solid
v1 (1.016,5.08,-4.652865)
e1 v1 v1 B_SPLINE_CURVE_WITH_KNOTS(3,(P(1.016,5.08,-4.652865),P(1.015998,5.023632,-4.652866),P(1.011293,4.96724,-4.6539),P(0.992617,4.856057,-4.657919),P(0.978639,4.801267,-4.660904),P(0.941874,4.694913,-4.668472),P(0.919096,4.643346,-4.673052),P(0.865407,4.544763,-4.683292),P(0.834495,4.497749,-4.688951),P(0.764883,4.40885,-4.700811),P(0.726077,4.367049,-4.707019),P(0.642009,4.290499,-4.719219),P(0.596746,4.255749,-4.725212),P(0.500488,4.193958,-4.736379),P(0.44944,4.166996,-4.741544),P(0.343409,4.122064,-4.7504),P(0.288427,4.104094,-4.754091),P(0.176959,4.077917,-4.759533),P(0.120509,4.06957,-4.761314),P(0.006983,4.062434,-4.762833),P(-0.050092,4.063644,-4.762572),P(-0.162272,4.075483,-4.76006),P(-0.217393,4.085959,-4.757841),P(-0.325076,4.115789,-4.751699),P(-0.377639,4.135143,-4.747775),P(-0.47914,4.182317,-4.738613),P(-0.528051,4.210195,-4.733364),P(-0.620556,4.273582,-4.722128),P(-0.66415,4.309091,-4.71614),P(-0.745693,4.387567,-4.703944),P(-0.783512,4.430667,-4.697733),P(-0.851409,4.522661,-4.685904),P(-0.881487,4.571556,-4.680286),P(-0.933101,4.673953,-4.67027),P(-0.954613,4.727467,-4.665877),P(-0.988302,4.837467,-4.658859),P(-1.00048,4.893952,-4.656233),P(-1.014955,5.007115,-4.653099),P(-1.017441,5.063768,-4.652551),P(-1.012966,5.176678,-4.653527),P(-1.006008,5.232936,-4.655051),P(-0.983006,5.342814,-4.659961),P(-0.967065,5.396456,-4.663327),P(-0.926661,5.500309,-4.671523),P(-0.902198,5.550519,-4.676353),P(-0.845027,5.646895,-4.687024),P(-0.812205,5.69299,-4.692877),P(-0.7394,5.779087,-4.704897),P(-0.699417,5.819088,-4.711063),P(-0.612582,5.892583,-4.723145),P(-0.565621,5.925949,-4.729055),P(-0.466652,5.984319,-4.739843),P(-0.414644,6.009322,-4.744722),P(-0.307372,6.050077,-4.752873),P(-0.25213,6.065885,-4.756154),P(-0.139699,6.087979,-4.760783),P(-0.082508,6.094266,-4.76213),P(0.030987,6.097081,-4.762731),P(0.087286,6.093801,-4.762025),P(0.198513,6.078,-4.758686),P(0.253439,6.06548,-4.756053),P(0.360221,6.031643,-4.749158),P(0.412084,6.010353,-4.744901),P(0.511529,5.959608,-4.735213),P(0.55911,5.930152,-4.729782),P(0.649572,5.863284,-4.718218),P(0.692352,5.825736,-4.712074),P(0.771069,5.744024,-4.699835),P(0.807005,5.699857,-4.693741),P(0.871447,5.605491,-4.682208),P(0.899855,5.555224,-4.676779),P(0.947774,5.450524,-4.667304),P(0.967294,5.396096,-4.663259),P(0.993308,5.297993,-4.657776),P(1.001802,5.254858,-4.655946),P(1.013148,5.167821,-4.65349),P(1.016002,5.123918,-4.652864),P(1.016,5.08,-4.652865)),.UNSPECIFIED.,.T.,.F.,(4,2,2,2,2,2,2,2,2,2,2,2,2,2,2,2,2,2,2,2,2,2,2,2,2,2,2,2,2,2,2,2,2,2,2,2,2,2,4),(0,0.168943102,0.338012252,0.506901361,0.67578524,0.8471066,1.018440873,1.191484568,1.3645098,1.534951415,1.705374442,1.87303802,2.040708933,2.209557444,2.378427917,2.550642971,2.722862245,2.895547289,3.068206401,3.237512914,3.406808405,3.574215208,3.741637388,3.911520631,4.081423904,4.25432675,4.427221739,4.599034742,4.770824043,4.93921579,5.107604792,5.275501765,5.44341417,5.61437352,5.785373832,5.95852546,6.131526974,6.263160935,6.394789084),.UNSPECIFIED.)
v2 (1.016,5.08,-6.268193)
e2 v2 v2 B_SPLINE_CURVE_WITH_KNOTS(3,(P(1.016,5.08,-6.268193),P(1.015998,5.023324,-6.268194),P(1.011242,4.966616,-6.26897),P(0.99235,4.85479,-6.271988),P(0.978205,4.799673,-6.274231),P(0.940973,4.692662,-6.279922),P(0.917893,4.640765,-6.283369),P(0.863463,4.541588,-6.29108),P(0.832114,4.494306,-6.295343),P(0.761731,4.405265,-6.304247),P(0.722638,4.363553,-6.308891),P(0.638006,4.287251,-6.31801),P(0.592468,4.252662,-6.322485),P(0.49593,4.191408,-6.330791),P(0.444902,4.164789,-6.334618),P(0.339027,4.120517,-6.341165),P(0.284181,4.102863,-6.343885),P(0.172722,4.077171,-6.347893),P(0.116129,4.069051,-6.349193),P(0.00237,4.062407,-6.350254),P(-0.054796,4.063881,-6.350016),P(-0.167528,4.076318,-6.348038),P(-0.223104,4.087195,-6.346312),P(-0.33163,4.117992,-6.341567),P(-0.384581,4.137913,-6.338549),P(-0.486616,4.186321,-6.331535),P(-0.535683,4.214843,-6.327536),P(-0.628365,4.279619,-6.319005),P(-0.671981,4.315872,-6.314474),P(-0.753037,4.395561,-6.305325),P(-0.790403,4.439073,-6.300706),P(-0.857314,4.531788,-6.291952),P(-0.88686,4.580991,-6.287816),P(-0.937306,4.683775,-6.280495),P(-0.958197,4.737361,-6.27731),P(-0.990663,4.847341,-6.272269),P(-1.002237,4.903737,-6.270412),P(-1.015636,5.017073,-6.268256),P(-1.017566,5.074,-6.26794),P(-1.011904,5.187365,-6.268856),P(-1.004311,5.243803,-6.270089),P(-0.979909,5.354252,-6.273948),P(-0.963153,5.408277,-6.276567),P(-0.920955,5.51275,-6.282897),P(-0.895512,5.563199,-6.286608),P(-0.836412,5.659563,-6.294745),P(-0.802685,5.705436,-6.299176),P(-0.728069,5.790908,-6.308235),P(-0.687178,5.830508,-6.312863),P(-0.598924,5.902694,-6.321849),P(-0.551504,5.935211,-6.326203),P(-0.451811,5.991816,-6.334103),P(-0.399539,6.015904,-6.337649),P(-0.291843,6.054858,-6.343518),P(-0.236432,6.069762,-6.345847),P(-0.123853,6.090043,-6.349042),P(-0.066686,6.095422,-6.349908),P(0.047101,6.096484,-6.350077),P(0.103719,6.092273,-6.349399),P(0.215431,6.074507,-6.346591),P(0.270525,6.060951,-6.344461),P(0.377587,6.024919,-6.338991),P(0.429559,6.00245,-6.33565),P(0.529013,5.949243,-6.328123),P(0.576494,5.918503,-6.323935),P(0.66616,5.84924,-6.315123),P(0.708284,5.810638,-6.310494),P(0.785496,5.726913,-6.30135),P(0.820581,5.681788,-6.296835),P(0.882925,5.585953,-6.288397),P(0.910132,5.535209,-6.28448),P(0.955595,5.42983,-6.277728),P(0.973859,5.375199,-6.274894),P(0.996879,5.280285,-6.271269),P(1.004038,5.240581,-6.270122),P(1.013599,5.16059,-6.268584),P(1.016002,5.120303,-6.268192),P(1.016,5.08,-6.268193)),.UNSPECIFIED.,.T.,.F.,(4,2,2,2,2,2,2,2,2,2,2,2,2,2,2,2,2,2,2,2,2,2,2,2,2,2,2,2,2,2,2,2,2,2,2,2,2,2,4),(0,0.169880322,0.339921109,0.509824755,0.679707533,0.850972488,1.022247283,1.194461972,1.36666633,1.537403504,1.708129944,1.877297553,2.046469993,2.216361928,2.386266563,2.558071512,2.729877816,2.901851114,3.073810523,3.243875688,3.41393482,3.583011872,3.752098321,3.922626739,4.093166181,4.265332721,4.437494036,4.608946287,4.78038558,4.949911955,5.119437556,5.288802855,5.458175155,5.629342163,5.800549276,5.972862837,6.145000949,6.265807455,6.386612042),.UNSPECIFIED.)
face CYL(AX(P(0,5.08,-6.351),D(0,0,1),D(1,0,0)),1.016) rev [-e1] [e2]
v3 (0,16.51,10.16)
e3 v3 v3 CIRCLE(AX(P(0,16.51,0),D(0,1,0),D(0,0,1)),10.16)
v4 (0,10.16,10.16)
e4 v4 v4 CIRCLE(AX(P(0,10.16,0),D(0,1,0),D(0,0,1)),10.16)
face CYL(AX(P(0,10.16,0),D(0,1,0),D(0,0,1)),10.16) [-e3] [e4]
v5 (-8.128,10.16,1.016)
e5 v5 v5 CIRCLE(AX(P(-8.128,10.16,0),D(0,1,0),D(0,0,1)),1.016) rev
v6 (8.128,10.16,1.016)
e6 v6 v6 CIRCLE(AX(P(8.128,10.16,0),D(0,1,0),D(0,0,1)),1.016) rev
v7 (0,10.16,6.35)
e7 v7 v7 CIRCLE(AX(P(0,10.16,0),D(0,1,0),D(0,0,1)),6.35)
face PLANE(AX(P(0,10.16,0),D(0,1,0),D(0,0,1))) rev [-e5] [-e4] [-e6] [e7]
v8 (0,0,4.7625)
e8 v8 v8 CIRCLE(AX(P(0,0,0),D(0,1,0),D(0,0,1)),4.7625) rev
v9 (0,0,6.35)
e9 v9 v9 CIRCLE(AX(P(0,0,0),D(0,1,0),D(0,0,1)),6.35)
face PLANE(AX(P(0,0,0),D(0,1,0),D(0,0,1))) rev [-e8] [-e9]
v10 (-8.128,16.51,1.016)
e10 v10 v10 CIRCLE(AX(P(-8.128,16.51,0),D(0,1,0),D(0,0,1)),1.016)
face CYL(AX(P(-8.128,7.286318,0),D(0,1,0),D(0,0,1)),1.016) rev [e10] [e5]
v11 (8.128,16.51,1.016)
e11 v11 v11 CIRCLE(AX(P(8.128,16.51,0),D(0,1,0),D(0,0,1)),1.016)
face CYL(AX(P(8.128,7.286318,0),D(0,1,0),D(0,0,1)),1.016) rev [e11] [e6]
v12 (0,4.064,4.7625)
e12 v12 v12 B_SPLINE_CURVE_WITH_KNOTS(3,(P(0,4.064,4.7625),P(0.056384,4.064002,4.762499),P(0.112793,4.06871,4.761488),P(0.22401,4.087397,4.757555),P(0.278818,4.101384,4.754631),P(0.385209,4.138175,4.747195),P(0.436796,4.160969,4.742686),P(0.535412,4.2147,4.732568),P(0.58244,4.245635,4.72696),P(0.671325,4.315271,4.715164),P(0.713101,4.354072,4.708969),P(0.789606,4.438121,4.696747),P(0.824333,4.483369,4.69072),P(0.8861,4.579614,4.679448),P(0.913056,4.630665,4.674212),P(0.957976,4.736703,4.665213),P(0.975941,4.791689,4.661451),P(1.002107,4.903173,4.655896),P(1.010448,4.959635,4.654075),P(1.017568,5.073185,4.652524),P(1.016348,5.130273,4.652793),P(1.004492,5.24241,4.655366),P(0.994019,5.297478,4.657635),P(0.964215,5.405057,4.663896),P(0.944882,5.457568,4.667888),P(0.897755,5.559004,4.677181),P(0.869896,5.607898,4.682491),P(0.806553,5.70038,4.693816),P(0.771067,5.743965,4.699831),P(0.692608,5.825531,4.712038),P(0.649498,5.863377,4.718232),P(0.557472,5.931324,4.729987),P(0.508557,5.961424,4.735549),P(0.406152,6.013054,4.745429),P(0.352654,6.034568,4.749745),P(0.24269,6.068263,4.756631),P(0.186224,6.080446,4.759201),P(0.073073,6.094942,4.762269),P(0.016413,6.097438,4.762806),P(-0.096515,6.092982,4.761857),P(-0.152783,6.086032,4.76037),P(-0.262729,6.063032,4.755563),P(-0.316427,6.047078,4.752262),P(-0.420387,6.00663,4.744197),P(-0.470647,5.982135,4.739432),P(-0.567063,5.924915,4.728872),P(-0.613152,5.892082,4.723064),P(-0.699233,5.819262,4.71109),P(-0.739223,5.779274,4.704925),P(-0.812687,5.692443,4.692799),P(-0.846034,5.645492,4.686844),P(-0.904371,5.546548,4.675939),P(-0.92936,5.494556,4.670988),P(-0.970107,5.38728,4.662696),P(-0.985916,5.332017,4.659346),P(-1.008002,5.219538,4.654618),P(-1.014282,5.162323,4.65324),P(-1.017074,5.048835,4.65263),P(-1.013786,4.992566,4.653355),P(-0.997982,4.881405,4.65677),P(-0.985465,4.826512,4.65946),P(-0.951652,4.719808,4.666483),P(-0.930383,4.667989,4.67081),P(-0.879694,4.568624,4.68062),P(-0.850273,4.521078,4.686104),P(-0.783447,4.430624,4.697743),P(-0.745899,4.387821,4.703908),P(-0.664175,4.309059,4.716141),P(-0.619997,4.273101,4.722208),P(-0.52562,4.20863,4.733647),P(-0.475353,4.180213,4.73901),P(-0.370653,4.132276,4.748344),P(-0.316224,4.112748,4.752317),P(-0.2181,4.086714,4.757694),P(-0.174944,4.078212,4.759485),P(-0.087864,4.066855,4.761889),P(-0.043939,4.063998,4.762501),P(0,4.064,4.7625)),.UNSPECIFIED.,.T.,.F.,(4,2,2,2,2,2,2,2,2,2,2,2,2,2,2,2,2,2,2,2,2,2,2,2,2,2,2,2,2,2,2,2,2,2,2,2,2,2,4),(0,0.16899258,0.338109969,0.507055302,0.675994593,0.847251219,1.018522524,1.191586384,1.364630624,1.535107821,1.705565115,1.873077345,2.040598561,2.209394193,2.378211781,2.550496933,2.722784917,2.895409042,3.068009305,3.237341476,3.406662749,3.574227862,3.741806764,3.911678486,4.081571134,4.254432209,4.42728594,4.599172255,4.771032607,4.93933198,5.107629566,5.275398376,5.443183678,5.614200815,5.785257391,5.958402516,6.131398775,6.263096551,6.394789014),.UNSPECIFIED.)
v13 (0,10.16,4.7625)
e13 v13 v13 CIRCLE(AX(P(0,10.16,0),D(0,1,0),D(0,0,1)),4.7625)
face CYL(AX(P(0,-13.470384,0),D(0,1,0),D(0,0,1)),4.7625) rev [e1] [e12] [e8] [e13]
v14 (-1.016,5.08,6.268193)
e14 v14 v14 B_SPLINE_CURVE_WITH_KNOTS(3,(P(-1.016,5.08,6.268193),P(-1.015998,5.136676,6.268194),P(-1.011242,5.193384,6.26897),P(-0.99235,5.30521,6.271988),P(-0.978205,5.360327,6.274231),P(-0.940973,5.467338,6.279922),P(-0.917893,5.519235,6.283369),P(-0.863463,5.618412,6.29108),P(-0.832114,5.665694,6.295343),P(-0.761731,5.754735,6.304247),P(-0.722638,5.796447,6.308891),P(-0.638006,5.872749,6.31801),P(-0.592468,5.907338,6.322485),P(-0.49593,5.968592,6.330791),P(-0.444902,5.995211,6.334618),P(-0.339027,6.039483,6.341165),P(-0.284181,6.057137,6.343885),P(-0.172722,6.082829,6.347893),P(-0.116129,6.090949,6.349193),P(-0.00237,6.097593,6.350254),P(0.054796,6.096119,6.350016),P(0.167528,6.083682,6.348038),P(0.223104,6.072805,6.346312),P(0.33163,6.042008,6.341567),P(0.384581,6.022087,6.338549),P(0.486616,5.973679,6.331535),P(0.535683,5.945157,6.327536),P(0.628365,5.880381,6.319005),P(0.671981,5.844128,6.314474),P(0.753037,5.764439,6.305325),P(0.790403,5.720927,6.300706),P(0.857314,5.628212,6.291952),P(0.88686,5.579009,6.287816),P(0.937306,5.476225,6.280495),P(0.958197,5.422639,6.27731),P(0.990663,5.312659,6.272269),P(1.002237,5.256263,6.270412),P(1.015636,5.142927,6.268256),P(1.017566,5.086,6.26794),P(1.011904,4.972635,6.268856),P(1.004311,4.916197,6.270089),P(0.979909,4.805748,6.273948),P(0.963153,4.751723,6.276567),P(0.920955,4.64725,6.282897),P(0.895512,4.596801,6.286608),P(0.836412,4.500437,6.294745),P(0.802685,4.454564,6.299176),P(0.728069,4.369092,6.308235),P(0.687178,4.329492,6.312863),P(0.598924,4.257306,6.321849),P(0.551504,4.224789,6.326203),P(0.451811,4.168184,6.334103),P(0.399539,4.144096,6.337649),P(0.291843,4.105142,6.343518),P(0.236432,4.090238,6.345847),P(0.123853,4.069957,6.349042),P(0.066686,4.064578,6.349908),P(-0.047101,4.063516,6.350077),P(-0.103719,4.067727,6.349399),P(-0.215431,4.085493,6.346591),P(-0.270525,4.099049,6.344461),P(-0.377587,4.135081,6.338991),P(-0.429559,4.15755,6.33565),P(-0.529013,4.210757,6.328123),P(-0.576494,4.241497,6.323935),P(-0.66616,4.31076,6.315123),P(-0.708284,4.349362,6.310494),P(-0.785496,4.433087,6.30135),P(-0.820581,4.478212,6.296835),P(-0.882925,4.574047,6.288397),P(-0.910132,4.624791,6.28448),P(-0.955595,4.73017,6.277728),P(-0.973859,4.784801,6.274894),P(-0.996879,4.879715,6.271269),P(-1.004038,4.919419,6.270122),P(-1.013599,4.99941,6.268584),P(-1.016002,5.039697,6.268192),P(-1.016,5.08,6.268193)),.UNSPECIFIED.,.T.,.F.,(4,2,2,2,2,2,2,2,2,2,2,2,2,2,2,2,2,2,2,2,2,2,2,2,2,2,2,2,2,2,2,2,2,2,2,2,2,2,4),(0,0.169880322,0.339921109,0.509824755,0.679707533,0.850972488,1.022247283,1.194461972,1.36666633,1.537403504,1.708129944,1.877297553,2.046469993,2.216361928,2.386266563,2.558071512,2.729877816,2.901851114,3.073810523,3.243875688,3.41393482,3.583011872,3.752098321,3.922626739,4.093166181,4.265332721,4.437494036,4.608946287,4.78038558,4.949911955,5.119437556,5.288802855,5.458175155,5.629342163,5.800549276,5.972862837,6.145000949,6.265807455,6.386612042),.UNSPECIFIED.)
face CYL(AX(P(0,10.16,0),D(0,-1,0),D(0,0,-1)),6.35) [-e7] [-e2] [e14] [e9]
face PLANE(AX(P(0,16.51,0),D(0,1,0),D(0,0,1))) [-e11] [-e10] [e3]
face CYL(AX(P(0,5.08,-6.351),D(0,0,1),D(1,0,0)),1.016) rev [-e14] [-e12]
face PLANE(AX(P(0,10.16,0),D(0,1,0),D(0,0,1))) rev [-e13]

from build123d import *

# Parameters (mm, degrees)
SKETCH1_R                           = 6.35
BOSS_EXTRUDE1_DEPTH                 = 10.16
SKETCH2_R                           = 4.7625
CUT_EXTRUDE2_DEPTH                  = 10.16
SKETCH3_R                           = 6.35
BOSS_EXTRUDE2_DEPTH                 = 6.35
CUT_EXTRUDE3_REACH                  = 20.794
CUT_EXTRUDE3_END_RADIUS             = 6.35
SKETCH4_R                           = 1.016
CUT_EXTRUDE3_DIRECTION_2_REACH      = 20.794
CUT_EXTRUDE3_DIRECTION_2_END_RADIUS = 6.35
BOSS_EXTRUDE3_START                 = -6.35
SKETCH5_R                           = 10.16
SKETCH5_R_2                         = 6.35
BOSS_EXTRUDE3_DEPTH                 = 6.35
SKETCH10_R                          = 1.016
CUT_EXTRUDE4_DEPTH                  = 6.35


with BuildPart() as part:
    # Sketch1 → Boss-Extrude1 (new body)
    with BuildSketch(Plane(origin=(0, 0, 0), x_dir=(1, 0, 0), z_dir=(0, 1, 0))):
        with Locations(Location((0, 0, 0), (0, 0, 270))):
            Circle(SKETCH1_R)
    extrude(amount=BOSS_EXTRUDE1_DEPTH)

    # Sketch2 → Cut-Extrude2 (cut)
    with BuildSketch(Plane(origin=(0, 10.16, 0), x_dir=(1, 0, 0), z_dir=(0, 1, 0))):
        with Locations(Location((0, 0, 0), (0, 0, 270))):
            Circle(SKETCH2_R)
    extrude(amount=-CUT_EXTRUDE2_DEPTH, mode=Mode.SUBTRACT)

    # Sketch3 → Boss-Extrude2 (add)
    with BuildSketch(Plane(origin=(0, 10.16, 0), x_dir=(1, 0, 0), z_dir=(0, 1, 0))):
        with Locations(Location((0, 0, 0), (0, 0, 270))):
            Circle(SKETCH3_R)
    extrude(amount=BOSS_EXTRUDE2_DEPTH)

    # Cut-Extrude3: up to this cylinder (the profile starts inside it)
    cut_extrude3_end = Plane(origin=(0, 5.08, 0), z_dir=(0, -1, 0)) * Cylinder(CUT_EXTRUDE3_END_RADIUS, 55.288, mode=Mode.PRIVATE)
    # Sketch4 → Cut-Extrude3 (cut, up to the surface)
    with BuildSketch(Plane.XY, mode=Mode.PRIVATE) as cut_extrude3_sk1:
        with Locations((0, 5.08)):
            Circle(SKETCH4_R)
    cut_extrude3_tool1 = extrude(cut_extrude3_sk1.sketch, amount=-CUT_EXTRUDE3_REACH, mode=Mode.PRIVATE) & cut_extrude3_end
    add(cut_extrude3_tool1.solids().sort_by_distance((0, 5.08, 0))[0], mode=Mode.SUBTRACT)

    # Cut-Extrude3 direction 2: up to this cylinder (the profile starts inside it)
    cut_extrude3_direction_2_end = Plane(origin=(0, 5.08, 0), z_dir=(0, -1, 0)) * Cylinder(CUT_EXTRUDE3_DIRECTION_2_END_RADIUS, 55.288, mode=Mode.PRIVATE)
    # Sketch4 → Cut-Extrude3 direction 2 (cut, up to the surface)
    with BuildSketch(Plane.XY, mode=Mode.PRIVATE) as cut_extrude3_direction_2_sk1:
        with Locations((0, 5.08)):
            Circle(SKETCH4_R)
    cut_extrude3_direction_2_tool1 = extrude(cut_extrude3_direction_2_sk1.sketch, amount=CUT_EXTRUDE3_DIRECTION_2_REACH, mode=Mode.PRIVATE) & cut_extrude3_direction_2_end
    add(cut_extrude3_direction_2_tool1.solids().sort_by_distance((0, 5.08, 0))[0], mode=Mode.SUBTRACT)

    # Sketch5 → Boss-Extrude3 (add)
    with BuildSketch(Plane(origin=(0, 16.51, 0), x_dir=(1, 0, 0), z_dir=(0, 1, 0)).offset(BOSS_EXTRUDE3_START)):
        with Locations(Location((0, 0, 0), (0, 0, 270))):
            Circle(SKETCH5_R)
        with Locations(Location((0, 0, 0), (0, 0, 270))):
            Circle(SKETCH5_R_2, mode=Mode.SUBTRACT)
    extrude(amount=BOSS_EXTRUDE3_DEPTH)

    # Sketch10 → Cut-Extrude4 (cut)
    with BuildSketch(Plane(origin=(0, 16.51, 0), x_dir=(1, 0, 0), z_dir=(0, 1, 0))):
        with Locations(Location((8.128, 0, 0), (0, 0, 270))):
            Circle(SKETCH10_R)
        with Locations(Location((-8.128, 0, 0), (0, 0, 270))):
            Circle(SKETCH10_R)
    extrude(amount=-CUT_EXTRUDE4_DEPTH, mode=Mode.SUBTRACT)


solid = part.part
